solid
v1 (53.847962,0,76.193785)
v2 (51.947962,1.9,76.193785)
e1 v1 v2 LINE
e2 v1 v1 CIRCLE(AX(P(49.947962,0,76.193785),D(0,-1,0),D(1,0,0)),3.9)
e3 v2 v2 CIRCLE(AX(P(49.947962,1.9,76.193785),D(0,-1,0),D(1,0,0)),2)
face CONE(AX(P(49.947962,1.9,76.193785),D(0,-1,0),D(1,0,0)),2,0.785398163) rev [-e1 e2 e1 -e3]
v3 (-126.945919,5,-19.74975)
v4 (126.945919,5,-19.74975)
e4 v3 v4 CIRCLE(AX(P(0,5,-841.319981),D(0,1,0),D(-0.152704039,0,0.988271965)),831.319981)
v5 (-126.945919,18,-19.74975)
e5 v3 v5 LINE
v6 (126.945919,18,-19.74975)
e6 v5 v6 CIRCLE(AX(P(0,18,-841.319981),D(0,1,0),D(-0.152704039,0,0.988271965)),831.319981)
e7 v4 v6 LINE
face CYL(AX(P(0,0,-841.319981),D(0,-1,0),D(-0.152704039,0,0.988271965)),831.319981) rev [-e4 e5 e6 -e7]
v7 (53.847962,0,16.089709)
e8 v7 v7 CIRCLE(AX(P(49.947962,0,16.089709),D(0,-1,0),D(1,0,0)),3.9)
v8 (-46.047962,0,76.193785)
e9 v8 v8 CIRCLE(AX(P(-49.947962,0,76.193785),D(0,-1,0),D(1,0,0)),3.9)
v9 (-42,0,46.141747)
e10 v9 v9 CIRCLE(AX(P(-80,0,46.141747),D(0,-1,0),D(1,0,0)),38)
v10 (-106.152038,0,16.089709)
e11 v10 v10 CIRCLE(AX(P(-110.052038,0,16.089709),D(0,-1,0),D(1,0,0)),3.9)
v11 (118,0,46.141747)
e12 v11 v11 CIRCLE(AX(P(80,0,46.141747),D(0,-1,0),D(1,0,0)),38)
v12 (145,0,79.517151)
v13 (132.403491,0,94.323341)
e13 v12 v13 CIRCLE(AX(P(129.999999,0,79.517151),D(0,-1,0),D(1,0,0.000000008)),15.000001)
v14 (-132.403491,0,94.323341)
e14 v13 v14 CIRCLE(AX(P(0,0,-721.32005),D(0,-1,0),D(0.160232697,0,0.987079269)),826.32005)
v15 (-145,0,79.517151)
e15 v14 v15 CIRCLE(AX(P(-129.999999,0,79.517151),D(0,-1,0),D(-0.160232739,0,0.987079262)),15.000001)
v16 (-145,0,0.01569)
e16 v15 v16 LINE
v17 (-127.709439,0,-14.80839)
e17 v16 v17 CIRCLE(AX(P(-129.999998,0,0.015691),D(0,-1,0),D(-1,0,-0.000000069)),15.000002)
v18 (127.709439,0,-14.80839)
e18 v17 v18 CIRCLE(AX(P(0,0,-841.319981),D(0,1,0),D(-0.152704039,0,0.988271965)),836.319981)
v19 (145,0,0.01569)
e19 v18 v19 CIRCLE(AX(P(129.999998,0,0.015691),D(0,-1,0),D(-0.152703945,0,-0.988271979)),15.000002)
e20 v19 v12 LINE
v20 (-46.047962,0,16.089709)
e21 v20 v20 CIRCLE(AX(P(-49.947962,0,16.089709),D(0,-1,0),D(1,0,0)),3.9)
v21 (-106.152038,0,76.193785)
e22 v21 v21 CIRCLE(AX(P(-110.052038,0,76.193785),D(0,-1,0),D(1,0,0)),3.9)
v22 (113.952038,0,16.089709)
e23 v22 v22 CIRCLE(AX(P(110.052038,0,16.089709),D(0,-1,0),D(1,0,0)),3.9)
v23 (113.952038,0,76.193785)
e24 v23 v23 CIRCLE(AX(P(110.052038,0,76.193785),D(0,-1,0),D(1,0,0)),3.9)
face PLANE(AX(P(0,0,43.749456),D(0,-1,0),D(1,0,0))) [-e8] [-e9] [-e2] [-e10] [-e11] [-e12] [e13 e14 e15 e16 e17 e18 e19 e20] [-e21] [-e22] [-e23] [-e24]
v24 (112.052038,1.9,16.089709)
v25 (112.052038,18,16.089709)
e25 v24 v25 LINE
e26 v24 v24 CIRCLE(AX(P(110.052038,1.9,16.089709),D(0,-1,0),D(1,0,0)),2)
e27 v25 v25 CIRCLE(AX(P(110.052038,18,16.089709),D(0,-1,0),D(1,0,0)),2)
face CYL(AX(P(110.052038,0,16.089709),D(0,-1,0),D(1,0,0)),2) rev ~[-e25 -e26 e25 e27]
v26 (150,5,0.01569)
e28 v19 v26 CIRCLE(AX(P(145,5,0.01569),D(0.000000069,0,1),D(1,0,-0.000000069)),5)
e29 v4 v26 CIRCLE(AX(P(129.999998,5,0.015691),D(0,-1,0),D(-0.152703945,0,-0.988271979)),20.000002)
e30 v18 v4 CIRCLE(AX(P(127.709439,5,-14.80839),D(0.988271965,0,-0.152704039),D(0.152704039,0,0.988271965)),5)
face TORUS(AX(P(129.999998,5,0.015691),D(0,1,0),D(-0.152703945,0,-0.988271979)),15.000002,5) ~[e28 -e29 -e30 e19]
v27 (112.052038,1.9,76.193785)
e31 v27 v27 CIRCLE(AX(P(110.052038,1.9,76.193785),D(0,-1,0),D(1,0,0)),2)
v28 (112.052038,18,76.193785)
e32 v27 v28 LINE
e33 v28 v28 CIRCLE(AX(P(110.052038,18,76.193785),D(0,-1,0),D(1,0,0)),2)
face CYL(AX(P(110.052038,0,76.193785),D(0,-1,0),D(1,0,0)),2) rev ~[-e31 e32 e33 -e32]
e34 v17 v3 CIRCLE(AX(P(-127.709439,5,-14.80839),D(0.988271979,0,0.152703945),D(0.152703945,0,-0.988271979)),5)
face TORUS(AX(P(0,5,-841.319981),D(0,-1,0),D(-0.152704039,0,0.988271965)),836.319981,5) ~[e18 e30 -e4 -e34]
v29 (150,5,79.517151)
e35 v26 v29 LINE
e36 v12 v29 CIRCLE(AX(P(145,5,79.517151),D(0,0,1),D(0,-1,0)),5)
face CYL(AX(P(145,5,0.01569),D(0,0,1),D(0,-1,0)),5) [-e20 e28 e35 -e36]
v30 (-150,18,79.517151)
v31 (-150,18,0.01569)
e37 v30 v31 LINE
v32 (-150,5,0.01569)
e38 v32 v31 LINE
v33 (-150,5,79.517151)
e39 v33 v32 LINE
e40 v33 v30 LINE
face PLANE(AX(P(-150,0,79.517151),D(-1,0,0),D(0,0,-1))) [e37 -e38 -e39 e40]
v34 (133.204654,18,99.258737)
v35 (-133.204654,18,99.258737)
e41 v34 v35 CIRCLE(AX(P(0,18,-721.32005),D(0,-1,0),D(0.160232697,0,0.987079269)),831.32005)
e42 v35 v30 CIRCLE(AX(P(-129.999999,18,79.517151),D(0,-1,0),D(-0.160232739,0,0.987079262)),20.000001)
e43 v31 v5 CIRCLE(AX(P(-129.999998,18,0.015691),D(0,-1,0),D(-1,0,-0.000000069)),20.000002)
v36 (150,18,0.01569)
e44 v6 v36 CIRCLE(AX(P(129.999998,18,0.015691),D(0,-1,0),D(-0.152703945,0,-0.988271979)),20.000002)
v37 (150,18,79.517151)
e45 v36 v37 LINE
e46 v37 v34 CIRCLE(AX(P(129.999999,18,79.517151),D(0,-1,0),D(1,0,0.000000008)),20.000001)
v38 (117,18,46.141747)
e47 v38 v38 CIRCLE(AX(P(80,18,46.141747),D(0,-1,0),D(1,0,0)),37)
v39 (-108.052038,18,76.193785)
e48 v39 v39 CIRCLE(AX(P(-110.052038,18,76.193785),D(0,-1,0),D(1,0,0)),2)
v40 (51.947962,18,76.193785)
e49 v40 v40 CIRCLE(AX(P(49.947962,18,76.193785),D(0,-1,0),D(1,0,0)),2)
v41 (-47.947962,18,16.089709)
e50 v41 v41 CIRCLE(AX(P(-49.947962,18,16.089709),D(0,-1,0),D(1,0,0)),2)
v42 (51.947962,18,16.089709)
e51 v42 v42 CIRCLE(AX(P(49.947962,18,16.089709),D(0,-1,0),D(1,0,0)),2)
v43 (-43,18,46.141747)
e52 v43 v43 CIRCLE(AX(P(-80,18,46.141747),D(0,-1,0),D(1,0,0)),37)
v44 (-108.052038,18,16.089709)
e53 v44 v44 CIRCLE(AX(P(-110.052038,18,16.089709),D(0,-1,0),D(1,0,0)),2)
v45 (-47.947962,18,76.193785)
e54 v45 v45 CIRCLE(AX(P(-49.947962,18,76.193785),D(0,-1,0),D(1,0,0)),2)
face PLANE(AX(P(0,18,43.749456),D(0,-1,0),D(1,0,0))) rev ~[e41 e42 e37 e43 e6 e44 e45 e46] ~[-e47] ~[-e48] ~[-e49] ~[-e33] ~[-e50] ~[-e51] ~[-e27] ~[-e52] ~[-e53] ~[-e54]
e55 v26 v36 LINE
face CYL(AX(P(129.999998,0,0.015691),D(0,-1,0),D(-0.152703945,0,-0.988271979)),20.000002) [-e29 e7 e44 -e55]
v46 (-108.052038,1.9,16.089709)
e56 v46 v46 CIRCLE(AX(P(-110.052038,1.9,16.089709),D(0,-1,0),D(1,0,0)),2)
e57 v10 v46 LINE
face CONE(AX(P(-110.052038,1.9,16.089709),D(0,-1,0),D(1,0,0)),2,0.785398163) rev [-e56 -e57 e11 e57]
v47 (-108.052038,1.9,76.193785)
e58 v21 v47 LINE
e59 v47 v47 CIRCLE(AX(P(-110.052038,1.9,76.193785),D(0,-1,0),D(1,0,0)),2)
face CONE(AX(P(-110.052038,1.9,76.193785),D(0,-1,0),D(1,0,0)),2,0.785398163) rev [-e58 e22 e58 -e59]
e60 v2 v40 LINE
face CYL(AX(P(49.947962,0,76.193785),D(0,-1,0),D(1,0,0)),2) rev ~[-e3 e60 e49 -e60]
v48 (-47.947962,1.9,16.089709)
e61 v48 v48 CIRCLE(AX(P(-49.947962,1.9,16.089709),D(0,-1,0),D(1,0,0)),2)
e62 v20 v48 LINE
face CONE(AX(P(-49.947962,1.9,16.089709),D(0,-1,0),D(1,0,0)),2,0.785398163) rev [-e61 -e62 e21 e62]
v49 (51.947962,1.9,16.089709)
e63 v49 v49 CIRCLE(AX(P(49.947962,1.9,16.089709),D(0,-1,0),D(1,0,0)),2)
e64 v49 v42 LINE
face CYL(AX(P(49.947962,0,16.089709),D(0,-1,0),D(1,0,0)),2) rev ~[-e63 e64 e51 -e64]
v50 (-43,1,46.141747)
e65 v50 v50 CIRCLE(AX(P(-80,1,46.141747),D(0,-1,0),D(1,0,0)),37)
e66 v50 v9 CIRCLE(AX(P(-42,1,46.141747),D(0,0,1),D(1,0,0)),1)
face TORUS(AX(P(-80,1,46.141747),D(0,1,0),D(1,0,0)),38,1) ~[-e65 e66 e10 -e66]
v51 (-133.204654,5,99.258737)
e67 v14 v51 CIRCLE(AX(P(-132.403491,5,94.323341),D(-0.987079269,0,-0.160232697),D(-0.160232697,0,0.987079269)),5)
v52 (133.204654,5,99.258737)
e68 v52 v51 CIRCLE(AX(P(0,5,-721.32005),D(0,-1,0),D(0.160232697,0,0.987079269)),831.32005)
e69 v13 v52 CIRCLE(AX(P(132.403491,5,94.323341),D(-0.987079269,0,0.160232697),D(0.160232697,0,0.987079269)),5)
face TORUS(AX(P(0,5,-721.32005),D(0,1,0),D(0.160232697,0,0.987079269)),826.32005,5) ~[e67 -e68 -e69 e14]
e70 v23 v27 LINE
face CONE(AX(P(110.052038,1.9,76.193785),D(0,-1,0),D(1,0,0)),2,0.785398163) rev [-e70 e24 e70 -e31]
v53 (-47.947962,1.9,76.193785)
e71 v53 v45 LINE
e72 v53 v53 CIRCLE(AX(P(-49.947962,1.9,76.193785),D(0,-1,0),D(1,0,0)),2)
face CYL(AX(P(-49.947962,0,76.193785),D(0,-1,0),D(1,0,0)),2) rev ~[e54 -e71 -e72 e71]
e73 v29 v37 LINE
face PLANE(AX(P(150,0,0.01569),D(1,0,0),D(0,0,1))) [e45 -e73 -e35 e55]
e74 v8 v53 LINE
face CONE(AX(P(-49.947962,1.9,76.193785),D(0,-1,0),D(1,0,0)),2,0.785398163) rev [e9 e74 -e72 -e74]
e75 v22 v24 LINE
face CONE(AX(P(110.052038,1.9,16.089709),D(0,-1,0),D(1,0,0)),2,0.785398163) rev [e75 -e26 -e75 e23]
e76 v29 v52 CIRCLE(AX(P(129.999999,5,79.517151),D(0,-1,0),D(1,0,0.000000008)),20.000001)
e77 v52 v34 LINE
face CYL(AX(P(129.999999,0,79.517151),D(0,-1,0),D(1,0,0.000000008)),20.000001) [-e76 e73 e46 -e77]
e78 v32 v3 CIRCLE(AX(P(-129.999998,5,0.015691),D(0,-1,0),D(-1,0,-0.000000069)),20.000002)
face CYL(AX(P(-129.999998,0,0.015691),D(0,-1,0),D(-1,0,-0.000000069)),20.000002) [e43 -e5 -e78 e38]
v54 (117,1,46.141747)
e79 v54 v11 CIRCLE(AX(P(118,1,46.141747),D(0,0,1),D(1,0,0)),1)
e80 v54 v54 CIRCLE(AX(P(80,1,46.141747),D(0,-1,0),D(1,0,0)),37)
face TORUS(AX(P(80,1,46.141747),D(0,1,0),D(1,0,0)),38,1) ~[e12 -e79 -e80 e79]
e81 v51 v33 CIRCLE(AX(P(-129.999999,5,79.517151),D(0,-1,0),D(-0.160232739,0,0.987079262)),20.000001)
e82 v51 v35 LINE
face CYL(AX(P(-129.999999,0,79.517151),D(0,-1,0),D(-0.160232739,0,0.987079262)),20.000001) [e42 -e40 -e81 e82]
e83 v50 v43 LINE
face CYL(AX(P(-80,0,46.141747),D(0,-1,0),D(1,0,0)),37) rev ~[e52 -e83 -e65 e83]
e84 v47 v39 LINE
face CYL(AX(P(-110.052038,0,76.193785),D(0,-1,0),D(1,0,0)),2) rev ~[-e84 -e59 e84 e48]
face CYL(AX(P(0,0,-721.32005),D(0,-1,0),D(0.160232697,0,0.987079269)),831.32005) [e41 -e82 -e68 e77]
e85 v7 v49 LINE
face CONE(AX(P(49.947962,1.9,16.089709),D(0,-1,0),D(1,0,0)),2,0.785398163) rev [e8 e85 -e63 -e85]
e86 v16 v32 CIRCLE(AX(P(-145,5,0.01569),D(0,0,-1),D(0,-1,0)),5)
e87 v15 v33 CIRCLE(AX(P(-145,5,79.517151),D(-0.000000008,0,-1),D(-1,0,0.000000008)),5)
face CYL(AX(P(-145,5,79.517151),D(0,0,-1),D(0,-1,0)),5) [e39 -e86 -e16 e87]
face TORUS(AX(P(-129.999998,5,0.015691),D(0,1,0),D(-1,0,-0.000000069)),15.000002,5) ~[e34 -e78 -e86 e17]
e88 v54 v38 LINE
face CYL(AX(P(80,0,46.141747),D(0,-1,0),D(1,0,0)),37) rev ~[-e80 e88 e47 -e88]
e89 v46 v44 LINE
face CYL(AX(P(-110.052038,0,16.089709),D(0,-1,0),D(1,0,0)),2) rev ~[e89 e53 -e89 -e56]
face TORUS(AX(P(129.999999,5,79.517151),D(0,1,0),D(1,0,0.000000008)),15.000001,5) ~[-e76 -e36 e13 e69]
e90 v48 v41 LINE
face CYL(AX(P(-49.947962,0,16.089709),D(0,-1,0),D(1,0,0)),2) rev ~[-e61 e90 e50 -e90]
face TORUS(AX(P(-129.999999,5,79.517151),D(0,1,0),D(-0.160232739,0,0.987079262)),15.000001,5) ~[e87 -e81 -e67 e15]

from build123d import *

# Parameters (mm, degrees)
F0_R     = 2
F0_R_2   = 37
F1_DEPTH = 18
F2_R     = 1
F3_R     = 5
F4_SIZE  = 1.9


with BuildPart() as f1:
    # F0 (on Front) → F1 (new body)
    with BuildSketch(Plane.XZ):
        with BuildLine():
            ThreePointArc((-133.204654, 99.258737), (-145.233074, 92.476837), (-150, 79.517151))
            Line((-150, 79.517151), (-150, 0.01569))
            ThreePointArc((-150, 0.01569), (-143.017649, -15.16788), (-126.945919, -19.74975))
            ThreePointArc((-126.945919, -19.74975), (0, -10), (126.945919, -19.74975))
            ThreePointArc((126.945919, -19.74975), (143.017649, -15.16788), (150, 0.01569))
            Line((150, 0.01569), (150, 79.517151))
            ThreePointArc((150, 79.517151), (145.233074, 92.476837), (133.204654, 99.258737))
            ThreePointArc((133.204654, 99.258737), (0, 110), (-133.204654, 99.258737))
        make_face()
        with Locations((-110.052038, 16.089709)):
            Circle(F0_R, mode=Mode.SUBTRACT)
        with Locations((-49.947962, 16.089709)):
            Circle(F0_R, mode=Mode.SUBTRACT)
        with Locations((49.947962, 16.089709)):
            Circle(F0_R, mode=Mode.SUBTRACT)
        with Locations((110.052038, 16.089709)):
            Circle(F0_R, mode=Mode.SUBTRACT)
        with Locations((-80, 46.141747)):
            Circle(F0_R_2, mode=Mode.SUBTRACT)
        with Locations((-110.052038, 76.193785)):
            Circle(F0_R, mode=Mode.SUBTRACT)
        with Locations((-49.947962, 76.193785)):
            Circle(F0_R, mode=Mode.SUBTRACT)
        with Locations((49.947962, 76.193785)):
            Circle(F0_R, mode=Mode.SUBTRACT)
        with Locations((80, 46.141747)):
            Circle(F0_R_2, mode=Mode.SUBTRACT)
        with Locations((110.052038, 76.193785)):
            Circle(F0_R, mode=Mode.SUBTRACT)
    extrude(amount=-F1_DEPTH)

    # F2
    f2_edges = [f1.edges().sort_by_distance(p)[0] for p in [
        (-117, 0, 46.141747),
        (43, 0, 46.141747),
    ]]
    fillet(f2_edges, radius=F2_R)

    # F3
    f3_edges = [f1.edges().sort_by_distance(p)[0] for p in [
        (0, 0, 110),
        (145.233074, 0, 92.476837),
        (150, 0, 39.766421),
        (143.017649, 0, -15.16788),
        (0, 0, -10),
        (-143.017649, 0, -15.16788),
        (-150, 0, 39.766421),
        (-145.233074, 0, 92.476837),
    ]]
    fillet(f3_edges, radius=F3_R)

    # F4
    f4_edges = [f1.edges().sort_by_distance(p)[0] for p in [
        (-112.052038, 0, 76.193785),
        (-51.947962, 0, 76.193785),
        (-112.052038, 0, 16.089709),
        (-51.947962, 0, 16.089709),
        (47.947962, 0, 16.089709),
        (47.947962, 0, 76.193785),
        (108.052038, 0, 16.089709),
        (108.052038, 0, 76.193785),
    ]]
    chamfer(f4_edges, length=F4_SIZE)


solid = f1.part
